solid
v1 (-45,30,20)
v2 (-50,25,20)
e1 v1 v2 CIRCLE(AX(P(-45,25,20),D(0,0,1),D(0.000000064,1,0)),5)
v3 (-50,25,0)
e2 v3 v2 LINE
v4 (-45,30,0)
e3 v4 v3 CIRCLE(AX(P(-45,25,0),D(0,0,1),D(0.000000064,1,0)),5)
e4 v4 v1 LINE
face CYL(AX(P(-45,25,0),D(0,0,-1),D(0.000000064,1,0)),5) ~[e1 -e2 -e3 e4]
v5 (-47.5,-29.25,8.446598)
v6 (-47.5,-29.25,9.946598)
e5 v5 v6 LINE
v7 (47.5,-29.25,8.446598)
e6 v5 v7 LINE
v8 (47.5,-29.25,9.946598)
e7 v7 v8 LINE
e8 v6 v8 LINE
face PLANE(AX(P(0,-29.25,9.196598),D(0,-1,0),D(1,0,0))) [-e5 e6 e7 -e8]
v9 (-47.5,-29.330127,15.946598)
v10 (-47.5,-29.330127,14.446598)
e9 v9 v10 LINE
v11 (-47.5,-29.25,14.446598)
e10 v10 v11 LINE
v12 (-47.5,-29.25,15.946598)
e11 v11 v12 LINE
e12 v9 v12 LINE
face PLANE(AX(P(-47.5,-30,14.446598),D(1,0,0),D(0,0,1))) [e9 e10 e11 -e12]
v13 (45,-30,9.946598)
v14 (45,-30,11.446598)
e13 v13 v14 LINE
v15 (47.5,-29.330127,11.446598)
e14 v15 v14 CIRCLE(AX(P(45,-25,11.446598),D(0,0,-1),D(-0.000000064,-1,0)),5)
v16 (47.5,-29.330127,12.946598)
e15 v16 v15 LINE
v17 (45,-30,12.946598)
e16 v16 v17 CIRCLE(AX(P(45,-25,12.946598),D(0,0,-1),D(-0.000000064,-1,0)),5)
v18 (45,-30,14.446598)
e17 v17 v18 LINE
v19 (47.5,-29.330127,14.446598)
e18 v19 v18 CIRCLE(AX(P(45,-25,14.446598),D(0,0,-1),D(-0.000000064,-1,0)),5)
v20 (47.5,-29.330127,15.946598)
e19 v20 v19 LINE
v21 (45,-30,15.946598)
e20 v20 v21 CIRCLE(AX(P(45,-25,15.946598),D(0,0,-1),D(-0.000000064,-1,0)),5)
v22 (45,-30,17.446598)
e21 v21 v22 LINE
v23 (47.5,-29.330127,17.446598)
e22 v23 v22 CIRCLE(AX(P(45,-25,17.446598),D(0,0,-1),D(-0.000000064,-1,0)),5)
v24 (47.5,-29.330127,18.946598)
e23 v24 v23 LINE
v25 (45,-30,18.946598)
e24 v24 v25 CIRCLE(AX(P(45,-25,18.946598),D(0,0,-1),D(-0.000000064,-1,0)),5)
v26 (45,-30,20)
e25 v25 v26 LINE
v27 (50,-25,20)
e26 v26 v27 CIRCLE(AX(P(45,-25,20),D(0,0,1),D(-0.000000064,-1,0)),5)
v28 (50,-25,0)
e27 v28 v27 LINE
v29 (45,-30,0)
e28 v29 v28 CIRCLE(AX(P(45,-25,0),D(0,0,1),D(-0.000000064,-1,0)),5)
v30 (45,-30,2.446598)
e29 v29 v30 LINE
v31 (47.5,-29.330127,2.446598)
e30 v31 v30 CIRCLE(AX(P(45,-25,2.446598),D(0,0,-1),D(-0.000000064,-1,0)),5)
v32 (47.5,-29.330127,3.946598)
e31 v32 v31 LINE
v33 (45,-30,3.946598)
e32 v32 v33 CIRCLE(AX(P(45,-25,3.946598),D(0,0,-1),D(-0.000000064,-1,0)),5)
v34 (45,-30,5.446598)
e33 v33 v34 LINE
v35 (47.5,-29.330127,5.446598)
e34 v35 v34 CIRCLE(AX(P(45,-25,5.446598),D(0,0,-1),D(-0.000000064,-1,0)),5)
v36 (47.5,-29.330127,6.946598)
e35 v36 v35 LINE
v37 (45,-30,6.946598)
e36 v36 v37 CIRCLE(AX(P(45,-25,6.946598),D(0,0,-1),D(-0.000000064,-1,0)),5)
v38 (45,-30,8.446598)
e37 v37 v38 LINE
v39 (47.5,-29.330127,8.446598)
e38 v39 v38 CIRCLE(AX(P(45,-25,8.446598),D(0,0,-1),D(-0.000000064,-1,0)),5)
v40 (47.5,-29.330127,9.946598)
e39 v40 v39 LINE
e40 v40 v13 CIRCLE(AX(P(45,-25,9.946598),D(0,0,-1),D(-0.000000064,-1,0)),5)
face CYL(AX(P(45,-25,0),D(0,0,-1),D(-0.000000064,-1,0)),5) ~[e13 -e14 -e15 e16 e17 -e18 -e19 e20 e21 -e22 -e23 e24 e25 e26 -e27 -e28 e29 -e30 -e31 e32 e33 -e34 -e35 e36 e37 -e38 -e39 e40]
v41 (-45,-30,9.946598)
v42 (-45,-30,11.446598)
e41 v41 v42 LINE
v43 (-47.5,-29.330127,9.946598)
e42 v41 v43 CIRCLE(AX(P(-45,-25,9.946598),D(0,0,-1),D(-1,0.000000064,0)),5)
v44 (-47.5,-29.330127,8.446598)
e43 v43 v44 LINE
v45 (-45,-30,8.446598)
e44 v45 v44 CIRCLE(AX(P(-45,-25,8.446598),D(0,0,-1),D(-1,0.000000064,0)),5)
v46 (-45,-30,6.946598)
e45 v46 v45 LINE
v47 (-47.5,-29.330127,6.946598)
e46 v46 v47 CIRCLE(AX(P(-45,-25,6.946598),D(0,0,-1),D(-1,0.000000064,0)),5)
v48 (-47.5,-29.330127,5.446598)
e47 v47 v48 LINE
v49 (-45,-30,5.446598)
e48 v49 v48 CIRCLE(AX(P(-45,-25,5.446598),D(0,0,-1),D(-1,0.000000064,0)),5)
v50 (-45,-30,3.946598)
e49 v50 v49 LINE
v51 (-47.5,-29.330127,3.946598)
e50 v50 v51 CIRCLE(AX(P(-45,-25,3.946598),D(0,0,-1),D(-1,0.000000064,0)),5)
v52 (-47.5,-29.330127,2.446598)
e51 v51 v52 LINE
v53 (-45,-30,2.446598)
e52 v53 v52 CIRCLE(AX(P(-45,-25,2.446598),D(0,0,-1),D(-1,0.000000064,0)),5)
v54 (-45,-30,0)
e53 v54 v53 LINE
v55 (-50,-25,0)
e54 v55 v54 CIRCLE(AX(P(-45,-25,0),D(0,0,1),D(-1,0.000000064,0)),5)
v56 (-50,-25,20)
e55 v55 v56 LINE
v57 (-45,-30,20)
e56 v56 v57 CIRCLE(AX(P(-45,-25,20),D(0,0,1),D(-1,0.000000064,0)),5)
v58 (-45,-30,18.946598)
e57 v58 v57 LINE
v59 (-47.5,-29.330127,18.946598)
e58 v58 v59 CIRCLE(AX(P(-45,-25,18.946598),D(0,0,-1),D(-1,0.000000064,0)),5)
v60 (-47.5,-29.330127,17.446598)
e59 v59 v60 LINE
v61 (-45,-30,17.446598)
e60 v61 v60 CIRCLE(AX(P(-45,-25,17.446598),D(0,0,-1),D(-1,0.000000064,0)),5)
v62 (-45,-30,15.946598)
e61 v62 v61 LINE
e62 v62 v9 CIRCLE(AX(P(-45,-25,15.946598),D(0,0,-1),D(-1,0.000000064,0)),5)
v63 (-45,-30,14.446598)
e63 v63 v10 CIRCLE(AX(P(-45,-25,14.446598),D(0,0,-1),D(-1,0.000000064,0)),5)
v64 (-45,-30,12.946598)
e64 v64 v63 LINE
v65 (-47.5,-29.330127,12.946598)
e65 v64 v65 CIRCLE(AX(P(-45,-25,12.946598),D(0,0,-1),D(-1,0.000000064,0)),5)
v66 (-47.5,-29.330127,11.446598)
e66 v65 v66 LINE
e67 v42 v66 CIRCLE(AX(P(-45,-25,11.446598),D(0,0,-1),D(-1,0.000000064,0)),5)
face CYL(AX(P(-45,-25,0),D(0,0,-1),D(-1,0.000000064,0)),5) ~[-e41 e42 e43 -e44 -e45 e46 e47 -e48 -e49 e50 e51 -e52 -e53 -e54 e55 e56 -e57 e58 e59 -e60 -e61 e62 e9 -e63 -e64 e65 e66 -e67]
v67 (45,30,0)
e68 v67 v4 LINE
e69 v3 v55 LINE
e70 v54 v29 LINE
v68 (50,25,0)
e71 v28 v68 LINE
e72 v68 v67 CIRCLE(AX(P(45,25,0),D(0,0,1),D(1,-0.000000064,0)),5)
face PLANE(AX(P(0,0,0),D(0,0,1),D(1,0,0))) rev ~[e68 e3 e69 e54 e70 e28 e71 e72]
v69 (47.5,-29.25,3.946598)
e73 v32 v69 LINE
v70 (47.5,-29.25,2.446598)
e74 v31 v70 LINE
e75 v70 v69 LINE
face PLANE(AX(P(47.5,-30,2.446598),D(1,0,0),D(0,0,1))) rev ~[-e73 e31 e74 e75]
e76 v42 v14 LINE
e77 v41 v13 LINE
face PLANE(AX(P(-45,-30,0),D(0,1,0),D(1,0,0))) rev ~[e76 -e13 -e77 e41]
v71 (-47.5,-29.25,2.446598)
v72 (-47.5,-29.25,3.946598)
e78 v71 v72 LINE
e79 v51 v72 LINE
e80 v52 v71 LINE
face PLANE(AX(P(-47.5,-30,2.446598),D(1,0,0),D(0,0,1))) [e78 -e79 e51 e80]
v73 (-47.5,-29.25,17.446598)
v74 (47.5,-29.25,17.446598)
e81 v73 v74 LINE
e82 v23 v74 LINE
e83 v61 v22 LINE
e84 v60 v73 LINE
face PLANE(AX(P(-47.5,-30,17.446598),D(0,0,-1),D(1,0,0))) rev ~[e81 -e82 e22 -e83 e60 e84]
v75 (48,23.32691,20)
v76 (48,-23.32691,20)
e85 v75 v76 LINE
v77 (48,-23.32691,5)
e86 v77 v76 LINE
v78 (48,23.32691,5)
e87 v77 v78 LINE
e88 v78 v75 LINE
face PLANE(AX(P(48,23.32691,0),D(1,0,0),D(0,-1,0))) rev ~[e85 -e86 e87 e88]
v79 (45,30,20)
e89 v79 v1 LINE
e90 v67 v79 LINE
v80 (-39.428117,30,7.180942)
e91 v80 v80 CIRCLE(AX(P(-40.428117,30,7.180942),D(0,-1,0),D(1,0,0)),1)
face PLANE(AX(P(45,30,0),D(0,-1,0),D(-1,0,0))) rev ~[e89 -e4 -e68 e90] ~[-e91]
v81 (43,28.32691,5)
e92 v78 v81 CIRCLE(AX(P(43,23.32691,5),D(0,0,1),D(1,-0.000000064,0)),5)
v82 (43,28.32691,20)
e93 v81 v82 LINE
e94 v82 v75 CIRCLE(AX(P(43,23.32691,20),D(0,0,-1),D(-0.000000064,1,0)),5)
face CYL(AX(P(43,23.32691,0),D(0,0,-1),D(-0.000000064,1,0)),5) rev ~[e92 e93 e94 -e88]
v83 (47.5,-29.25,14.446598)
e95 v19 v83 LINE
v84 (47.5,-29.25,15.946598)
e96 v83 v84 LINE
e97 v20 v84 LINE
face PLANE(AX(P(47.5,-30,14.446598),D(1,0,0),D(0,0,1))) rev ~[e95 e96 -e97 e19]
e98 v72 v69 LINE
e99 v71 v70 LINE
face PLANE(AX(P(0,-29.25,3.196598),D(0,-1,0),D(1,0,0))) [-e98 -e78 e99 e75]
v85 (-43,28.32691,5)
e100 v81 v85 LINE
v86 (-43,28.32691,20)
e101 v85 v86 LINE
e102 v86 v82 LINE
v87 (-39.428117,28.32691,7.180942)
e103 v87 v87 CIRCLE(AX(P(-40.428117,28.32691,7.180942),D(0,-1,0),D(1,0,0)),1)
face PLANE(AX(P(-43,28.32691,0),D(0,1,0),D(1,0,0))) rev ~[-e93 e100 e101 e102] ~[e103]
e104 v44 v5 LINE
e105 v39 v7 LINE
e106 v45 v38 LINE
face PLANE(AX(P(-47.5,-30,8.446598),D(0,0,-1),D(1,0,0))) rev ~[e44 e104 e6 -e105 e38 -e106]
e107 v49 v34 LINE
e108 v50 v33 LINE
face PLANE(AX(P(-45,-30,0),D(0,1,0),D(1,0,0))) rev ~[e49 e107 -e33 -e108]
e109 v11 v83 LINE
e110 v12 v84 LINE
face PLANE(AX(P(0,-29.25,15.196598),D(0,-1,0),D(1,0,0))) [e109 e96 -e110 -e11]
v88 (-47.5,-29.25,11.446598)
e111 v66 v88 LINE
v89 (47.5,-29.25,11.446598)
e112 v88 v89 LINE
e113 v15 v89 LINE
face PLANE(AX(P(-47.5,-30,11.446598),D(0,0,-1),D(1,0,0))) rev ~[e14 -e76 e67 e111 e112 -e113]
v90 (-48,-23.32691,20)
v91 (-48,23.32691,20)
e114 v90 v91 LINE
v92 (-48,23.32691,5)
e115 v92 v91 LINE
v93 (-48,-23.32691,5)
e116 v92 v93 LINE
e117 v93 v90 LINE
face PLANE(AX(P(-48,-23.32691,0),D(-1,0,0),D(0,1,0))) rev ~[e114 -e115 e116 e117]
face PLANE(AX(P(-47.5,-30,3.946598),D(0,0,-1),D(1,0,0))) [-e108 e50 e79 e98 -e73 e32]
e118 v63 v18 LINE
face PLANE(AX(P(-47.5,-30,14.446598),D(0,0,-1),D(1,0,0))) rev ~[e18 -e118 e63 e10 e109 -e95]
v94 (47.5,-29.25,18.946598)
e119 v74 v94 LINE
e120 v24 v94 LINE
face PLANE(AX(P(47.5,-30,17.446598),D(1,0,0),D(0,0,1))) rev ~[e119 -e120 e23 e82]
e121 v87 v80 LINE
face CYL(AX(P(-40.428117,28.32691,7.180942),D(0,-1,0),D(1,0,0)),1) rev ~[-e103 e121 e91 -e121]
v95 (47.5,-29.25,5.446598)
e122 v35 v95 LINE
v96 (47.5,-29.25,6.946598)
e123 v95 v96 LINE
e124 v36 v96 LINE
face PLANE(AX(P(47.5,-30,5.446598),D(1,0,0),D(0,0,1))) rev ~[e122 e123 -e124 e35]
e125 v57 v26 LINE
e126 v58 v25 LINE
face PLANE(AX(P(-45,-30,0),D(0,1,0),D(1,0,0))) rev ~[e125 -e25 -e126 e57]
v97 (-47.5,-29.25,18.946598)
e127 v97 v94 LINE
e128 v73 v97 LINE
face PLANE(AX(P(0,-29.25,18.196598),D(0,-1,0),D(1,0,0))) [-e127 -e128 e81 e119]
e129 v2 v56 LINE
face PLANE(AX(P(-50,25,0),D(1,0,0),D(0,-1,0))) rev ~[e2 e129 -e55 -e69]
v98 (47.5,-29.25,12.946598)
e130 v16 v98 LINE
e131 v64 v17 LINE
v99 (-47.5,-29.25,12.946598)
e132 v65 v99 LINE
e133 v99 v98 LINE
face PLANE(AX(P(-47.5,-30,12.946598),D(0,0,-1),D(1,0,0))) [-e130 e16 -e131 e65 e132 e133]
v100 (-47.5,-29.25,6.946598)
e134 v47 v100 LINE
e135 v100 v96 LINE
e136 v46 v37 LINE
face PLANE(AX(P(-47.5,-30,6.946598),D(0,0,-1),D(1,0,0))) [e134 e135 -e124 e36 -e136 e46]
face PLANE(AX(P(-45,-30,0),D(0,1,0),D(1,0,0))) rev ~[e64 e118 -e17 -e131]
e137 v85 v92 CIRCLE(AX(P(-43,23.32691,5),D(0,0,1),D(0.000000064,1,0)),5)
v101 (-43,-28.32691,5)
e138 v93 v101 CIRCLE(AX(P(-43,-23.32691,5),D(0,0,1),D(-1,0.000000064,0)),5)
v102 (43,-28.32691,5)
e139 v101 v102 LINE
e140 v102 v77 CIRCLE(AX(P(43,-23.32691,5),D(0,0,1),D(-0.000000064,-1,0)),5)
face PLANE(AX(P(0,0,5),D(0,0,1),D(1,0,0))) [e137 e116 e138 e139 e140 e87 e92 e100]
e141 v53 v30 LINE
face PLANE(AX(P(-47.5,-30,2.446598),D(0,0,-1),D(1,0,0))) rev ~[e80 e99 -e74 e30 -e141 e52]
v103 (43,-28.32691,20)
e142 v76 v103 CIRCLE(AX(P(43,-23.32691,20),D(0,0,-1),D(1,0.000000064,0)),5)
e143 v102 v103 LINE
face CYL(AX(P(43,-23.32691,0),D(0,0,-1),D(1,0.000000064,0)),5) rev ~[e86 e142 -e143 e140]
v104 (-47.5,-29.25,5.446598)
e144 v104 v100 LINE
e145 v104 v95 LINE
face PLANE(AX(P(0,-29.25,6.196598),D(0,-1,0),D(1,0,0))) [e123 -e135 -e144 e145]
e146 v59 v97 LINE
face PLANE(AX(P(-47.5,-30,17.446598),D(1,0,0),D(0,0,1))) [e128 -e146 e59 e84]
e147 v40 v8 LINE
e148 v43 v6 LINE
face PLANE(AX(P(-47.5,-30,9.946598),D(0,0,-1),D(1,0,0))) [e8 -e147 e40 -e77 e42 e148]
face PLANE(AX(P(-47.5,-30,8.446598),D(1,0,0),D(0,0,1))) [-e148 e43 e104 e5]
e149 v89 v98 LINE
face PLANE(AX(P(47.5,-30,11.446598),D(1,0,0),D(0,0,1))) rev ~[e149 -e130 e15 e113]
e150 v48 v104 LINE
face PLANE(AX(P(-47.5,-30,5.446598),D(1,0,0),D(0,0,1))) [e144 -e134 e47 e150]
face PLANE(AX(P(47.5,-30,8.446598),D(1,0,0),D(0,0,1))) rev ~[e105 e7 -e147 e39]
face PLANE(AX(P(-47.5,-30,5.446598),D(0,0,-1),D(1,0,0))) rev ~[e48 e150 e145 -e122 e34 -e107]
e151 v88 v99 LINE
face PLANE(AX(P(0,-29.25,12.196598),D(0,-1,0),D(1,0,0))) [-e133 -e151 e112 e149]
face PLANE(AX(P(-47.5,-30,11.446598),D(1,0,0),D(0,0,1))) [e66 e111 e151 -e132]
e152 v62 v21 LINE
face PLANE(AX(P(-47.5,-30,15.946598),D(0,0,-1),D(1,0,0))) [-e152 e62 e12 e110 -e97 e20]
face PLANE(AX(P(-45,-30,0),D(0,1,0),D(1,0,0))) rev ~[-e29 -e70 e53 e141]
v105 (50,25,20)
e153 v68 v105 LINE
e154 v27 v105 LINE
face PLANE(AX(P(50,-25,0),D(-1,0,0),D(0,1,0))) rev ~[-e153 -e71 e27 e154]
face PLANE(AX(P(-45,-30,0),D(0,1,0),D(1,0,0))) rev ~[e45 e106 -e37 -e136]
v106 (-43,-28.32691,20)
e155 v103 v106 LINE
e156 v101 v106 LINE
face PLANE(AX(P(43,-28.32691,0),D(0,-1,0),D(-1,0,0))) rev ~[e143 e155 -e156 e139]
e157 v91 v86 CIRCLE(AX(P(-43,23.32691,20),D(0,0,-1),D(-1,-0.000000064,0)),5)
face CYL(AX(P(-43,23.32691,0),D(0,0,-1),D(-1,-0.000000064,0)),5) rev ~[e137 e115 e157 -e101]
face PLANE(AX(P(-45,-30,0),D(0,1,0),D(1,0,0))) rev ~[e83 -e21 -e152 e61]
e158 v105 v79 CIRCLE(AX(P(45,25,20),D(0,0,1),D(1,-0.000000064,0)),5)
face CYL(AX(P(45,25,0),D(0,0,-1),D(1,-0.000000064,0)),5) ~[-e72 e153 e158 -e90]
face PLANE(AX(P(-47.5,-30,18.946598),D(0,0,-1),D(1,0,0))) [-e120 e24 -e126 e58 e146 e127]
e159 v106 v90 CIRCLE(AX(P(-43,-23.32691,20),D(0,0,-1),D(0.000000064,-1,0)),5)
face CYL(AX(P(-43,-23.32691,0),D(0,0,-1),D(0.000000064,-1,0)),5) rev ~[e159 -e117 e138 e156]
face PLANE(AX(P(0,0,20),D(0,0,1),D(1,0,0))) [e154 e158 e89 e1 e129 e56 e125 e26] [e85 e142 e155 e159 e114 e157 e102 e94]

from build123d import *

# Parameters (mm, degrees)
F1_DEPTH = 20
F2_DEPTH = 5
F3_W     = 95
F3_H     = 1.5
F4_DEPTH = 0.75
F5_R     = 1
F6_DEPTH = 25


with BuildPart() as f1:
    # F0 (on Top) → F1 (new body)
    with BuildSketch(Plane.XY):
        with BuildLine():
            Line((-45, -30), (45, -30))
            ThreePointArc((45, -30), (48.535534, -28.535534), (50, -25))
            Line((50, -25), (50, 25))
            ThreePointArc((50, 25), (48.535534, 28.535534), (45, 30))
            Line((45, 30), (-45, 30))
            ThreePointArc((-45, 30), (-48.535534, 28.535534), (-50, 25))
            Line((-50, 25), (-50, -25))
            ThreePointArc((-50, -25), (-48.535534, -28.535534), (-45, -30))
        make_face()
        with BuildLine():
            ThreePointArc((-48, 23.32691), (-46.535534, 26.862444), (-43, 28.32691))
            Line((-43, 28.32691), (43, 28.32691))
            ThreePointArc((43, 28.32691), (46.535534, 26.862444), (48, 23.32691))
            Line((48, 23.32691), (48, -23.32691))
            ThreePointArc((48, -23.32691), (46.535534, -26.862444), (43, -28.32691))
            Line((43, -28.32691), (-43, -28.32691))
            ThreePointArc((-43, -28.32691), (-46.535534, -26.862444), (-48, -23.32691))
            Line((-48, -23.32691), (-48, 23.32691))
        make_face(mode=Mode.SUBTRACT)
    extrude(amount=F1_DEPTH)

    # F0 (on Top) → F2 (join)
    with BuildSketch(Plane.XY):
        with BuildLine():
            Line((43, 28.32691), (-43, 28.32691))
            ThreePointArc((-43, 28.32691), (-46.535534, 26.862444), (-48, 23.32691))
            Line((-48, 23.32691), (-48, -23.32691))
            ThreePointArc((-48, -23.32691), (-46.535534, -26.862444), (-43, -28.32691))
            Line((-43, -28.32691), (43, -28.32691))
            ThreePointArc((43, -28.32691), (46.535534, -26.862444), (48, -23.32691))
            Line((48, -23.32691), (48, 23.32691))
            ThreePointArc((48, 23.32691), (46.535534, 26.862444), (43, 28.32691))
        make_face()
    extrude(amount=F2_DEPTH)

    # F3 (on face) → F4 (cut)
    with BuildSketch(Plane.XZ.offset(30)):
        with Locations((0, 3.196598)):
            Rectangle(F3_W, F3_H)
        with Locations((0, 6.196598)):
            Rectangle(F3_W, F3_H)
        with Locations((0, 9.196598)):
            Rectangle(F3_W, F3_H)
        with Locations((0, 12.196598)):
            Rectangle(F3_W, F3_H)
        with Locations((0, 15.196598)):
            Rectangle(F3_W, F3_H)
        with Locations((0, 18.196598)):
            Rectangle(F3_W, F3_H)
    extrude(amount=-F4_DEPTH, mode=Mode.SUBTRACT)

    # F5 (on face) → F6 (cut)
    with BuildSketch(Plane.XZ.offset(-28.32691)):
        with Locations((-40.428117, 7.180942)):
            Circle(F5_R)
    extrude(amount=-F6_DEPTH, mode=Mode.SUBTRACT)


solid = f1.part
